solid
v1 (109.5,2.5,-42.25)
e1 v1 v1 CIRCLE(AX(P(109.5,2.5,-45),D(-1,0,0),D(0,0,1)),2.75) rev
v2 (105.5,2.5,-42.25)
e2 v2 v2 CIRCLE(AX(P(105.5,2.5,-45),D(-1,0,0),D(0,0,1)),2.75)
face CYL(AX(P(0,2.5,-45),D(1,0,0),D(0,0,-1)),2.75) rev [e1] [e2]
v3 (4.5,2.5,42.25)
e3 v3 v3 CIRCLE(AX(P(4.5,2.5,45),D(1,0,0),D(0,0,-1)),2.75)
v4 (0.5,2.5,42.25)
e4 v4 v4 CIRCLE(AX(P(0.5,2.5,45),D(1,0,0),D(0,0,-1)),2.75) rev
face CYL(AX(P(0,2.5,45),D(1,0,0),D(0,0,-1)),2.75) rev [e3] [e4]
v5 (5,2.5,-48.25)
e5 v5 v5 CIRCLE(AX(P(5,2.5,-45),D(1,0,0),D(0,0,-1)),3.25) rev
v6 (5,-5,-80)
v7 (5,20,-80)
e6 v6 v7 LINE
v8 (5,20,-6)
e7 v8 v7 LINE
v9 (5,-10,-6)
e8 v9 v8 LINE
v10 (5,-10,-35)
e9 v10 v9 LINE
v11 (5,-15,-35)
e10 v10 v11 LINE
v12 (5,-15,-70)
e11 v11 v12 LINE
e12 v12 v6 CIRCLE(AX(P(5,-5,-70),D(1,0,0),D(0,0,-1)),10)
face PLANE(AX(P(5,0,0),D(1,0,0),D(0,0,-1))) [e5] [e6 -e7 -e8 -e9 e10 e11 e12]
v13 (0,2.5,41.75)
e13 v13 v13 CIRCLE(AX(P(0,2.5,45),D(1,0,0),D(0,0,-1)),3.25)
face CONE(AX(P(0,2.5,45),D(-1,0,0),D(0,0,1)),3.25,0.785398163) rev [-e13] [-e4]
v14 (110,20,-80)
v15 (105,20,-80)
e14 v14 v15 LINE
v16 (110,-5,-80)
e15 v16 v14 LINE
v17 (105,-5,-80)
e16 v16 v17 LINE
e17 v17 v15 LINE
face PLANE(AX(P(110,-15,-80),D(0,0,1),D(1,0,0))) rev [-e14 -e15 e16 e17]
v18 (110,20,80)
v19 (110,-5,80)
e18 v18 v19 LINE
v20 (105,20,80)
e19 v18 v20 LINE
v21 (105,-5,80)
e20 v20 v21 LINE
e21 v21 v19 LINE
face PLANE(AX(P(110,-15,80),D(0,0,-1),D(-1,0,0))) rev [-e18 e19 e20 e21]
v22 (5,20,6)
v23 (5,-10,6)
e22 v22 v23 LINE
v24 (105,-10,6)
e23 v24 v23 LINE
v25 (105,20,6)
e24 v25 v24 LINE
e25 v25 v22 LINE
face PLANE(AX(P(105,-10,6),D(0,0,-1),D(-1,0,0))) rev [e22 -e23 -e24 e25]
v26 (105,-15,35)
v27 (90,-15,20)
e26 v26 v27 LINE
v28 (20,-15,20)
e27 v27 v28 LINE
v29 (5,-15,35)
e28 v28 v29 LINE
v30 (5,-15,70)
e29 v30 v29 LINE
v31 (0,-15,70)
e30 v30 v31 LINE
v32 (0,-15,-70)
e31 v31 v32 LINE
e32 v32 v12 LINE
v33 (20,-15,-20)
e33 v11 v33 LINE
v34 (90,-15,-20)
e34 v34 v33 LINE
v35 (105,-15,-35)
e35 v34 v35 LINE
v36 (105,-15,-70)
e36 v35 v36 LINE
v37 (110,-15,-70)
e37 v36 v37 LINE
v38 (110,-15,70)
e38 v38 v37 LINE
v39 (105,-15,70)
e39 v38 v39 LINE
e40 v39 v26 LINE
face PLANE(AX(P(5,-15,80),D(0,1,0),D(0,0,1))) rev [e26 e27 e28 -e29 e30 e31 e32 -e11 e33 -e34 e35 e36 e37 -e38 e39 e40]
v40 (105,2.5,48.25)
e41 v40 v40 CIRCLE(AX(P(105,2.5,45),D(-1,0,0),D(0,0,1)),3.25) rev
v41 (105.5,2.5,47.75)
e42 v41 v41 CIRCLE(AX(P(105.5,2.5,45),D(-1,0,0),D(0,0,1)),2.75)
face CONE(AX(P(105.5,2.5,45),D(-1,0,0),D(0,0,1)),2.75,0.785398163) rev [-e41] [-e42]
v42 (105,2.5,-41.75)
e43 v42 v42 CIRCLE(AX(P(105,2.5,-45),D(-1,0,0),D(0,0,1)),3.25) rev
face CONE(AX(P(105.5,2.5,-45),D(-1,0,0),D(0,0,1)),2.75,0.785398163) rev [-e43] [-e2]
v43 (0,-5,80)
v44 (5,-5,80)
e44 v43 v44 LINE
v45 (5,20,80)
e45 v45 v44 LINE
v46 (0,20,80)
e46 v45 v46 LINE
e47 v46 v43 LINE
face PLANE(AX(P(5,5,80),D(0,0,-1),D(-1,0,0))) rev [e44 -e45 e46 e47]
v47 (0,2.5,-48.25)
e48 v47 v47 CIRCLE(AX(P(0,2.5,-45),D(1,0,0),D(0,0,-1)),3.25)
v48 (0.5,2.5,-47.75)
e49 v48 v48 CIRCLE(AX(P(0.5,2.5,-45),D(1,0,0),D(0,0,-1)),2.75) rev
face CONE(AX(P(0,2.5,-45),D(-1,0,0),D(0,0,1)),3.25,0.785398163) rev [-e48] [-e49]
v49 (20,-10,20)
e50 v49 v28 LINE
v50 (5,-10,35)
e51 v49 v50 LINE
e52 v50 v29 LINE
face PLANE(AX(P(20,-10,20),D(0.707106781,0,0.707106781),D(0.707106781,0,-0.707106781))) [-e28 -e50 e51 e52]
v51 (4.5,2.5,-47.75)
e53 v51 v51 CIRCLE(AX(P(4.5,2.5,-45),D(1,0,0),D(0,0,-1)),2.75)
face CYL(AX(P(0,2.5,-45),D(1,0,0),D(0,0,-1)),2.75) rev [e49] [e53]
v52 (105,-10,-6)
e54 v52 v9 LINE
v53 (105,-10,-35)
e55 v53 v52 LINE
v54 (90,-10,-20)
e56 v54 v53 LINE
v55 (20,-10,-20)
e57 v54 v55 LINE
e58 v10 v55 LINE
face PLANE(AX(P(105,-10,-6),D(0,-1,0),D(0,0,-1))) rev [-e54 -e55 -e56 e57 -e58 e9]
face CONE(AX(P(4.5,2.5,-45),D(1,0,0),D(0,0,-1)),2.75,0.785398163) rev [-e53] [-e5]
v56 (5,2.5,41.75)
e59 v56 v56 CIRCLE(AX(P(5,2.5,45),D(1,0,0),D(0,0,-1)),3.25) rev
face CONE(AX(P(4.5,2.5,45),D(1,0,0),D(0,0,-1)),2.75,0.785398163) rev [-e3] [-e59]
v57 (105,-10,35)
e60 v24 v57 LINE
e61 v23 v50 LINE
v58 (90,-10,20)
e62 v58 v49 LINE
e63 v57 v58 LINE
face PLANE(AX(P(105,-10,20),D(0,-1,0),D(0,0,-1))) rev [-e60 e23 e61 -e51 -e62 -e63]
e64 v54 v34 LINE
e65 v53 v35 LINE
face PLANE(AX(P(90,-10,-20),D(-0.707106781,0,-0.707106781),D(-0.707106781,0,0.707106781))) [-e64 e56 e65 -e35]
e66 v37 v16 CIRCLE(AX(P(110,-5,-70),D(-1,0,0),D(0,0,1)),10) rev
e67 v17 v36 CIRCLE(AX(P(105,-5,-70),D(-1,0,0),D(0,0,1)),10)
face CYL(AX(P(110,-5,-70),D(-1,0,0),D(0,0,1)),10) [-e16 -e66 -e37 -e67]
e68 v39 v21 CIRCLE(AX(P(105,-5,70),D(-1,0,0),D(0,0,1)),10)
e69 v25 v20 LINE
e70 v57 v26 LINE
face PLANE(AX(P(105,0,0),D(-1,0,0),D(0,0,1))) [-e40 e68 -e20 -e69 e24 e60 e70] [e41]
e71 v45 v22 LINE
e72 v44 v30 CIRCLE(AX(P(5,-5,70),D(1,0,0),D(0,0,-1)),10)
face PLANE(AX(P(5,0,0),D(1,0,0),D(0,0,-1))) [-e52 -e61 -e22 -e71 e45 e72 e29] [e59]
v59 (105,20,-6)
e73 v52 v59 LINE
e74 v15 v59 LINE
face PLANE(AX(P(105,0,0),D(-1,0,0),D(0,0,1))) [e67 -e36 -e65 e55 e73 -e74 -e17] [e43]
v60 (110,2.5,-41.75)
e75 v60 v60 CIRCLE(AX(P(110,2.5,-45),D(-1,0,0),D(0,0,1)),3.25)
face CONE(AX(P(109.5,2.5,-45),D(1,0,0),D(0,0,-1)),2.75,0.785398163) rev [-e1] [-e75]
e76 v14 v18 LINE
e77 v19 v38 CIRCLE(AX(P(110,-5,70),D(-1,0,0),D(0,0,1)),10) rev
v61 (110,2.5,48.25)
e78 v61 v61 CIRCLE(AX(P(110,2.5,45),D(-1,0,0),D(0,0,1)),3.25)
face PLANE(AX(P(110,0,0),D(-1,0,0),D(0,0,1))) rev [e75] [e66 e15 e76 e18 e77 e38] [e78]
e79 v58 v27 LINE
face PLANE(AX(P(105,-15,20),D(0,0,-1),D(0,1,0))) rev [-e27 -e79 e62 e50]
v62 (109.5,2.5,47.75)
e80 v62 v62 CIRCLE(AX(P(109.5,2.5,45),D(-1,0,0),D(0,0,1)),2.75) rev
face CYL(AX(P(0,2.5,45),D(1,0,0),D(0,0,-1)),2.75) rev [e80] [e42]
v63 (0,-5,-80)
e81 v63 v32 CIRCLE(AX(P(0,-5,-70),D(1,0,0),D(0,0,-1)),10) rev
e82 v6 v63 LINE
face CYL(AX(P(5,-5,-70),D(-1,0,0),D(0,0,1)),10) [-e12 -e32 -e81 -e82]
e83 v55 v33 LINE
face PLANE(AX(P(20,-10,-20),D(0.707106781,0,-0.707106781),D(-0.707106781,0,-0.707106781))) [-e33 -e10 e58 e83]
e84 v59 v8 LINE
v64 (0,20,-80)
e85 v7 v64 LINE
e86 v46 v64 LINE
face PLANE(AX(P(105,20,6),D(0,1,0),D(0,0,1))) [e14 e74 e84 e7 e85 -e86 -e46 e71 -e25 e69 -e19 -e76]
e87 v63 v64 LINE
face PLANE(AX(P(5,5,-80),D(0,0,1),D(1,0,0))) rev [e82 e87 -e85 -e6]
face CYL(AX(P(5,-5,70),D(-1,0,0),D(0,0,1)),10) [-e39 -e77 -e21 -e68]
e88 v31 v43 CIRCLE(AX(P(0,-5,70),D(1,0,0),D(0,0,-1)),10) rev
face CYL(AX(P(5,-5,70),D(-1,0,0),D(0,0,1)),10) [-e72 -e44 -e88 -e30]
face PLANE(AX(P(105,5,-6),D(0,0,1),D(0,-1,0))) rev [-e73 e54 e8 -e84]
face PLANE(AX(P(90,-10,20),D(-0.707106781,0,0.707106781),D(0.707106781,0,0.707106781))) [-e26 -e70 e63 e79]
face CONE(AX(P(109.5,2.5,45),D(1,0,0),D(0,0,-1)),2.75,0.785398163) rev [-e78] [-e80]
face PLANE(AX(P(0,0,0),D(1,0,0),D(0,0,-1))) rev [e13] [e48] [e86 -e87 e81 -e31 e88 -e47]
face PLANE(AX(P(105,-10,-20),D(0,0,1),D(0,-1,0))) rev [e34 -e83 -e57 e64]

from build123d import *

# Parameters (mm, degrees)
SKETCH_1_W          = 160
SKETCH_1_H          = 20
EXTRUDE_1_DEPTH     = 5
EXTRUDE_3_DEPTH     = 100
SKETCH_5_W          = 12
SKETCH_5_H          = 15
EXTRUDE_4_DEPTH     = 105
SKETCH_6_W          = 74
SKETCH_6_H          = 15
EXTRUDE_5_DEPTH     = 5
SKETCH_7_W          = 160
SKETCH_7_H          = 35
EXTRUDE_6_DEPTH     = 5
EXTRUDE_7_DEPTH     = 5
SKETCH_9_R          = 2.75
CUT_EXTRUDE_1_DEPTH = 138.477270849
CHAMFER_1_SIZE      = 0.5
FILLET_1_R          = 10


with BuildPart() as part:
    # 草图1 → 凸台-拉伸1 (new body)
    with BuildSketch(Plane(origin=(0, 0, 0), x_dir=(0, 0, -1), z_dir=(1, 0, 0))):
        with Locations((0, -5)):
            Rectangle(SKETCH_1_W, SKETCH_1_H)
    extrude(amount=EXTRUDE_1_DEPTH)

    # 草图3 → 凸台-拉伸3 (add)
    with BuildSketch(Plane(origin=(5, 0, 0), x_dir=(0, 0, -1), z_dir=(1, 0, 0))):
        Polygon((-6, 5), (6, 5), (6, -10), (20, -10), (20, -15), (-20, -15), (-20, -10), (-6, -10), align=None)
    extrude(amount=EXTRUDE_3_DEPTH)

    # 草图5 → 凸台-拉伸4 (add)
    with BuildSketch(Plane.ZY):
        with Locations((0, 12.5)):
            Rectangle(SKETCH_5_W, SKETCH_5_H)
    extrude(amount=-EXTRUDE_4_DEPTH)

    # 草图6 → 凸台-拉伸5 (add)
    with BuildSketch(Plane.ZY):
        with Locations((43, 12.5)):
            Rectangle(SKETCH_6_W, SKETCH_6_H)
        with Locations((-43, 12.5)):
            Rectangle(SKETCH_6_W, SKETCH_6_H)
    extrude(amount=-EXTRUDE_5_DEPTH)

    # 草图7 → 凸台-拉伸6 (add)
    with BuildSketch(Plane(origin=(105, 0, 0), x_dir=(0, 0, -1), z_dir=(1, 0, 0))):
        with Locations((0, 2.5)):
            Rectangle(SKETCH_7_W, SKETCH_7_H)
    extrude(amount=EXTRUDE_6_DEPTH)

    # 草图8 → 凸台-拉伸7 (add)
    with BuildSketch(Plane.XZ.offset(15)):
        Polygon((90, 20), (105, 35), (105, 20), align=None)
        Polygon((105, -20), (90, -20), (105, -35), align=None)
        Polygon((5, 20), (20, 20), (5, 35), align=None)
        Polygon((20, -20), (5, -35), (5, -20), align=None)
    extrude(amount=-EXTRUDE_7_DEPTH)

    # 草图9 → 切除-拉伸1 (cut, through all)
    with BuildSketch(Plane(origin=(110, 0, 0), x_dir=(0, 0, -1), z_dir=(1, 0, 0))):
        with Locations((45, 2.5)):
            Circle(SKETCH_9_R)
        with Locations(Location((-45, 2.5, 0), (0, 0, 180))):
            Circle(SKETCH_9_R)
    extrude(amount=-CUT_EXTRUDE_1_DEPTH, mode=Mode.SUBTRACT)

    # 倒角1
    chamfer_1_edges = [part.edges().sort_by_distance(p)[0] for p in [
        (105, 2.5, -42.25),
        (5, 2.5, -42.25),
        (0, 2.5, -42.25),
        (110, 2.5, -42.25),
        (105, 2.5, 42.25),
        (5, 2.5, 42.25),
        (0, 2.5, 42.25),
        (110, 2.5, 42.25),
    ]]
    chamfer(chamfer_1_edges, length=CHAMFER_1_SIZE)

    # 圆角1
    fillet_1_edges = [part.edges().sort_by_distance(p)[0] for p in [
        (107.5, -15, 80),
        (107.5, -15, -80),
        (2.5, -15, -80),
        (2.5, -15, 80),
    ]]
    fillet(fillet_1_edges, radius=FILLET_1_R)


solid = part.part
